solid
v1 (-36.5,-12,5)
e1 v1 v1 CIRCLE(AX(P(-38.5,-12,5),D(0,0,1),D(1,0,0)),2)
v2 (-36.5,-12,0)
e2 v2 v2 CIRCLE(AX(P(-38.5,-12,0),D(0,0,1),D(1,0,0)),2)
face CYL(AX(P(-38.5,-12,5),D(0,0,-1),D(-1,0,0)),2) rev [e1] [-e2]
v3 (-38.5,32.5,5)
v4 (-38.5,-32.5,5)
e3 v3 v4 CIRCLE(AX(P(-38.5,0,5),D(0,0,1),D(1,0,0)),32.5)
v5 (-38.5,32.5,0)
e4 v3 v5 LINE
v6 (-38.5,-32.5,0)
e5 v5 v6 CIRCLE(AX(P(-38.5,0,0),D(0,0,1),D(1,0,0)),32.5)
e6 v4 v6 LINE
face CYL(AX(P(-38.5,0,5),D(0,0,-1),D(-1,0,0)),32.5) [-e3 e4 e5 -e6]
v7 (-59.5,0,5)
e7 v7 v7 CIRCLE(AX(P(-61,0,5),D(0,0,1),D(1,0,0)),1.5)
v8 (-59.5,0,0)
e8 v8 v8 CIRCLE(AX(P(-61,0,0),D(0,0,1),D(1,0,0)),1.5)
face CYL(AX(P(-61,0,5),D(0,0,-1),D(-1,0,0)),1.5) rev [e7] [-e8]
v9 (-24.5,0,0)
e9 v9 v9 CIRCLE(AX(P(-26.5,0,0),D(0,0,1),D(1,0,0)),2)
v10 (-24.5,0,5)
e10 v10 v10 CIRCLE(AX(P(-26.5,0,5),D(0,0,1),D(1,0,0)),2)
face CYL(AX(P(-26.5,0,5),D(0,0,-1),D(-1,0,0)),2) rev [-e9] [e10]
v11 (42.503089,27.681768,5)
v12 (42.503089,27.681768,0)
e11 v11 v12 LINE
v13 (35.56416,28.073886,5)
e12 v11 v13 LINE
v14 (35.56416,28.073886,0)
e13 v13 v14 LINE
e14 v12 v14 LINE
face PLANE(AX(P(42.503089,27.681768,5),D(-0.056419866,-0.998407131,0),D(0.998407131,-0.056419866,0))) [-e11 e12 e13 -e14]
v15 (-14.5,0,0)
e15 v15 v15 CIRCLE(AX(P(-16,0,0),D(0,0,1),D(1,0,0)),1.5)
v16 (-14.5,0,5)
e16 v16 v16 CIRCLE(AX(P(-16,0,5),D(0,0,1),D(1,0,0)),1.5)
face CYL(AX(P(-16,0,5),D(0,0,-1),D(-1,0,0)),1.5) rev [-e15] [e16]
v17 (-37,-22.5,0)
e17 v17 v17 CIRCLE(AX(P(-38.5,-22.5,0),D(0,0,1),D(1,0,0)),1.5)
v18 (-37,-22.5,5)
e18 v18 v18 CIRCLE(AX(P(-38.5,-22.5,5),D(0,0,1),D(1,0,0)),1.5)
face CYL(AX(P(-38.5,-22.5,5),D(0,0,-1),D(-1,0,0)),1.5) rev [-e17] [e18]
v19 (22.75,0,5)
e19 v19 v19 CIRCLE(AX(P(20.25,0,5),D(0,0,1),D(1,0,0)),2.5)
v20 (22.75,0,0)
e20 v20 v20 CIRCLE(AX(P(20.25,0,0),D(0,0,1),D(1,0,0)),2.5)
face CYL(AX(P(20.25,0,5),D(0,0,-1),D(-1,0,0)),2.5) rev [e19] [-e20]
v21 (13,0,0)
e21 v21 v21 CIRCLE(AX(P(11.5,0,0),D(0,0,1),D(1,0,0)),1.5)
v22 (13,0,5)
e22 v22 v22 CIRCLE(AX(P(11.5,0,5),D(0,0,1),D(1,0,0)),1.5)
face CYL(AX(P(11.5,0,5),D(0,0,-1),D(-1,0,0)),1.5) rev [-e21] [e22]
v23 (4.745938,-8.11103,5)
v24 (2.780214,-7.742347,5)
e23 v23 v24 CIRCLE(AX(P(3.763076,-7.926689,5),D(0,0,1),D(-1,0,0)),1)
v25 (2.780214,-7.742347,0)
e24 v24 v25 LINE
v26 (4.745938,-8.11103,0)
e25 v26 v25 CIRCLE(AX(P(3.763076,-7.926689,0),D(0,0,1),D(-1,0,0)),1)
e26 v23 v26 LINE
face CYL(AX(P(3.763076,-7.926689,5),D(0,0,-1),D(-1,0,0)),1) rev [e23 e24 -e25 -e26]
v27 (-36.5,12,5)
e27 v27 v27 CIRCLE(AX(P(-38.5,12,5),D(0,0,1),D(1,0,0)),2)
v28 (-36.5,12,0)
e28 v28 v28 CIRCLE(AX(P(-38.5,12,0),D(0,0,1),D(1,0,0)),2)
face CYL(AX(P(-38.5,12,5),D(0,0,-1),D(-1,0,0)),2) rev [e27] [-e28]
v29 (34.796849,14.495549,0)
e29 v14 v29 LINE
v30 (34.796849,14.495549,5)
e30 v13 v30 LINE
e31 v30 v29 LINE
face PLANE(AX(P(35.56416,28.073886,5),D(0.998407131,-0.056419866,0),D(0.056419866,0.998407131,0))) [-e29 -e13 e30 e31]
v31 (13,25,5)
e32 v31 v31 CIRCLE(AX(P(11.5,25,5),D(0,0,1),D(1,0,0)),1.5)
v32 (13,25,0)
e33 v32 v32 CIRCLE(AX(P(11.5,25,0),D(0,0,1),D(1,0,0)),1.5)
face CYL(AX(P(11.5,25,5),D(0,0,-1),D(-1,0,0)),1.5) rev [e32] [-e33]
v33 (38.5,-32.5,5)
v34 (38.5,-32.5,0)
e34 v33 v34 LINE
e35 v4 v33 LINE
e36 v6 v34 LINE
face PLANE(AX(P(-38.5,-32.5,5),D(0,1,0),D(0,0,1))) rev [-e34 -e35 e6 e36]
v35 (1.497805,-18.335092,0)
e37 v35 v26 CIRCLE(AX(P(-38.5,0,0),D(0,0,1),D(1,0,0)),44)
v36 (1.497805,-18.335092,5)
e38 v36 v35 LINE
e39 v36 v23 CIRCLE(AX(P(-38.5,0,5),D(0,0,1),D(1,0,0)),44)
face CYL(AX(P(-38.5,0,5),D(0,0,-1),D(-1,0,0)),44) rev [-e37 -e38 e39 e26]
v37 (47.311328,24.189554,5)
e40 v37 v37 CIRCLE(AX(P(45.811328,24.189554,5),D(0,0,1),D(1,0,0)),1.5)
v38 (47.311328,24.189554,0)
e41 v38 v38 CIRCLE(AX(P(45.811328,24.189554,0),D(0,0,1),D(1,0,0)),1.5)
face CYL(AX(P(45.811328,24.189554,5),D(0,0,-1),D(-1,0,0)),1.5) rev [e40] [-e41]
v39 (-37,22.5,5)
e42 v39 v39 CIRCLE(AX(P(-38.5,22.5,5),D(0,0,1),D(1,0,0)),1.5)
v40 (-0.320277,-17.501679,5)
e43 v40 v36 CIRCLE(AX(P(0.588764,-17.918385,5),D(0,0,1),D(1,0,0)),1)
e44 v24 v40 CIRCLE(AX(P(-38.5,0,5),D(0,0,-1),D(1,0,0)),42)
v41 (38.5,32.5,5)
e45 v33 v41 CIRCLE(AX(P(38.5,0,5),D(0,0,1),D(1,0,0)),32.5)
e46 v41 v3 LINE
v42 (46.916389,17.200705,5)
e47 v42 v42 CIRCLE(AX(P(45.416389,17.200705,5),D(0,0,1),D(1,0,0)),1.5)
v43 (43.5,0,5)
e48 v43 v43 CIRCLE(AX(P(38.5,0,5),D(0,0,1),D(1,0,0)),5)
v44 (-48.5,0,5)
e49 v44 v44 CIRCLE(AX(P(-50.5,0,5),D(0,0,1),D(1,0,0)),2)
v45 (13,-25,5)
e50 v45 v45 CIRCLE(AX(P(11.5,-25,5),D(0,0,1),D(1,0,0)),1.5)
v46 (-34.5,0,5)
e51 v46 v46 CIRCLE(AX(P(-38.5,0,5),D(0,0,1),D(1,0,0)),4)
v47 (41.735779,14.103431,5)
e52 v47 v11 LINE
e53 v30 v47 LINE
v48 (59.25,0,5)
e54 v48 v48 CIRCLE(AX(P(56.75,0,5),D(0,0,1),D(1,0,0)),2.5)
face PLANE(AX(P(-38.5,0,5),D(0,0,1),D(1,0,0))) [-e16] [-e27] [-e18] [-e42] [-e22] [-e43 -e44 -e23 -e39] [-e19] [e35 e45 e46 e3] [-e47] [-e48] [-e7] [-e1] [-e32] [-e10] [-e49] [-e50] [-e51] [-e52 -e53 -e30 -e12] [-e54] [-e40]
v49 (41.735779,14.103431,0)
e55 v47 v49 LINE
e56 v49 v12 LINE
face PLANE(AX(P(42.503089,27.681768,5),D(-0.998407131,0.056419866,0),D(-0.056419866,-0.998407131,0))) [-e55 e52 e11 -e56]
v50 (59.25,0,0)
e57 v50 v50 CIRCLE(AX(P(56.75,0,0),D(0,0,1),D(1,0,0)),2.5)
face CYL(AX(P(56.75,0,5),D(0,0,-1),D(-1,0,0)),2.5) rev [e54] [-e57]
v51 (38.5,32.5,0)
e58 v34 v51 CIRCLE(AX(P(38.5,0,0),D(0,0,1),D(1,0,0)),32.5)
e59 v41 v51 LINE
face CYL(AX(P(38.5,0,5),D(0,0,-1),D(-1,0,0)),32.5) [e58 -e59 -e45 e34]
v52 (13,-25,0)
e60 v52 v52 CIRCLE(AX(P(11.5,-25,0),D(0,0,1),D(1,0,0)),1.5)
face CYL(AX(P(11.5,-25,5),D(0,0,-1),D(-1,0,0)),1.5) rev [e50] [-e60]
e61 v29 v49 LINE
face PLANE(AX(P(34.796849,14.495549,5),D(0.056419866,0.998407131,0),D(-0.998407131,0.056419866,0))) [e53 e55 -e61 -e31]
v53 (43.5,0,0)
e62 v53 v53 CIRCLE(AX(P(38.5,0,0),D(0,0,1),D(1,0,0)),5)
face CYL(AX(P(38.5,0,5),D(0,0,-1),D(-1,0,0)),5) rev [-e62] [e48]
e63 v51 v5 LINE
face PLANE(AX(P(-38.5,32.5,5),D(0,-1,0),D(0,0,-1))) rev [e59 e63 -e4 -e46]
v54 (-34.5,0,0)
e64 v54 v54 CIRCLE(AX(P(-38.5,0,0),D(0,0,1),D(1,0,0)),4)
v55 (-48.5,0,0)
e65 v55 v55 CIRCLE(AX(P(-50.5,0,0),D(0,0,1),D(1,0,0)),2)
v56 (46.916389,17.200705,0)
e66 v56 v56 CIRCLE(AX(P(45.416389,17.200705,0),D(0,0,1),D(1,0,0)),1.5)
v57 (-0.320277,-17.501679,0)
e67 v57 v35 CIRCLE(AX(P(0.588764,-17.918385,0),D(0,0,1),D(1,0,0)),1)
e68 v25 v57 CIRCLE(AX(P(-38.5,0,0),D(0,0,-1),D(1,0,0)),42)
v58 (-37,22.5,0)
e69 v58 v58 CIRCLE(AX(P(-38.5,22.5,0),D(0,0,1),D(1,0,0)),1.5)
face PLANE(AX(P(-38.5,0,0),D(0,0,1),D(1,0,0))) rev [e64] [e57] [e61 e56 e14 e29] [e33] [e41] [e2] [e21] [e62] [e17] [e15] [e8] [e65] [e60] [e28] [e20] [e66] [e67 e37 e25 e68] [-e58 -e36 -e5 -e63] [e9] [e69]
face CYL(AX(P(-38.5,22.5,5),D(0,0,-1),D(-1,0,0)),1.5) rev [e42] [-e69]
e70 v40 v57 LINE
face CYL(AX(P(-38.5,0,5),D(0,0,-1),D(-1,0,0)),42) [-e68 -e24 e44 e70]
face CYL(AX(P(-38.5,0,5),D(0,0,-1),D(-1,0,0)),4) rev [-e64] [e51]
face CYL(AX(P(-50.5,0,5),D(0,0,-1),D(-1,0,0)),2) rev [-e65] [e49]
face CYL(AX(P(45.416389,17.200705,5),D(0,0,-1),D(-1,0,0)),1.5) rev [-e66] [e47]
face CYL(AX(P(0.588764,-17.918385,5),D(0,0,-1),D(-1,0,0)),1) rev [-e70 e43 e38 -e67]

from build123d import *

# Parameters (mm, degrees)
SKETCH1_R           = 4
SKETCH1_R_2         = 5
SKETCH1_R_3         = 2.5
SKETCH1_R_4         = 2
SKETCH1_R_5         = 1.5
BOSS_EXTRUDE1_DEPTH = 5


with BuildPart() as part:
    # Sketch1 → Boss-Extrude1 (new body)
    with BuildSketch(Plane.XY):
        with BuildLine():
            Line((-38.5, 32.5), (38.5, 32.5))
            ThreePointArc((38.5, 32.5), (71, 0), (38.5, -32.5))
            Line((38.5, -32.5), (-38.5, -32.5))
            ThreePointArc((-38.5, -32.5), (-71, 0), (-38.5, 32.5))
        make_face()
        with Locations((-38.5, 0)):
            Circle(SKETCH1_R, mode=Mode.SUBTRACT)
        with Locations((38.5, 0)):
            Circle(SKETCH1_R_2, mode=Mode.SUBTRACT)
        with Locations((20.25, 0)):
            Circle(SKETCH1_R_3, mode=Mode.SUBTRACT)
        with Locations((56.75, 0)):
            Circle(SKETCH1_R_3, mode=Mode.SUBTRACT)
        with Locations((-38.5, -12)):
            Circle(SKETCH1_R_4, mode=Mode.SUBTRACT)
        with Locations((-26.5, 0)):
            Circle(SKETCH1_R_4, mode=Mode.SUBTRACT)
        with Locations((-38.5, 12)):
            Circle(SKETCH1_R_4, mode=Mode.SUBTRACT)
        with Locations((-50.5, 0)):
            Circle(SKETCH1_R_4, mode=Mode.SUBTRACT)
        with Locations((-38.5, 22.5)):
            Circle(SKETCH1_R_5, mode=Mode.SUBTRACT)
        with Locations((-16, 0)):
            Circle(SKETCH1_R_5, mode=Mode.SUBTRACT)
        with Locations((-38.5, -22.5)):
            Circle(SKETCH1_R_5, mode=Mode.SUBTRACT)
        with Locations((-61, 0)):
            Circle(SKETCH1_R_5, mode=Mode.SUBTRACT)
        with Locations((11.5, 0)):
            Circle(SKETCH1_R_5, mode=Mode.SUBTRACT)
        with Locations((11.5, -25)):
            Circle(SKETCH1_R_5, mode=Mode.SUBTRACT)
        with Locations((11.5, 25)):
            Circle(SKETCH1_R_5, mode=Mode.SUBTRACT)
        with Locations((45.81132848, 24.189554469)):
            Circle(SKETCH1_R_5, mode=Mode.SUBTRACT)
        with Locations((45.416389416, 17.200704553)):
            Circle(SKETCH1_R_5, mode=Mode.SUBTRACT)
        Polygon((42.503089082, 27.681767532), (41.735778899, 14.103430555), (34.796849341, 14.495548626), (35.564159523, 28.073885604), align=None, mode=Mode.SUBTRACT)
        with BuildLine():
            ThreePointArc((-0.320277112, -17.501678783), (0.172057271, -18.827426442), (1.49780493, -18.335092058))
            ThreePointArc((1.49780493, -18.335092058), (3.434628419, -13.322422428), (4.745938398, -8.111030272))
            ThreePointArc((4.745938398, -8.111030272), (3.947417759, -6.943826439), (2.780213925, -7.742347078))
            ThreePointArc((2.780213925, -7.742347078), (1.528508946, -12.716857772), (-0.320277112, -17.501678783))
        make_face(mode=Mode.SUBTRACT)
    extrude(amount=BOSS_EXTRUDE1_DEPTH)


solid = part.part
